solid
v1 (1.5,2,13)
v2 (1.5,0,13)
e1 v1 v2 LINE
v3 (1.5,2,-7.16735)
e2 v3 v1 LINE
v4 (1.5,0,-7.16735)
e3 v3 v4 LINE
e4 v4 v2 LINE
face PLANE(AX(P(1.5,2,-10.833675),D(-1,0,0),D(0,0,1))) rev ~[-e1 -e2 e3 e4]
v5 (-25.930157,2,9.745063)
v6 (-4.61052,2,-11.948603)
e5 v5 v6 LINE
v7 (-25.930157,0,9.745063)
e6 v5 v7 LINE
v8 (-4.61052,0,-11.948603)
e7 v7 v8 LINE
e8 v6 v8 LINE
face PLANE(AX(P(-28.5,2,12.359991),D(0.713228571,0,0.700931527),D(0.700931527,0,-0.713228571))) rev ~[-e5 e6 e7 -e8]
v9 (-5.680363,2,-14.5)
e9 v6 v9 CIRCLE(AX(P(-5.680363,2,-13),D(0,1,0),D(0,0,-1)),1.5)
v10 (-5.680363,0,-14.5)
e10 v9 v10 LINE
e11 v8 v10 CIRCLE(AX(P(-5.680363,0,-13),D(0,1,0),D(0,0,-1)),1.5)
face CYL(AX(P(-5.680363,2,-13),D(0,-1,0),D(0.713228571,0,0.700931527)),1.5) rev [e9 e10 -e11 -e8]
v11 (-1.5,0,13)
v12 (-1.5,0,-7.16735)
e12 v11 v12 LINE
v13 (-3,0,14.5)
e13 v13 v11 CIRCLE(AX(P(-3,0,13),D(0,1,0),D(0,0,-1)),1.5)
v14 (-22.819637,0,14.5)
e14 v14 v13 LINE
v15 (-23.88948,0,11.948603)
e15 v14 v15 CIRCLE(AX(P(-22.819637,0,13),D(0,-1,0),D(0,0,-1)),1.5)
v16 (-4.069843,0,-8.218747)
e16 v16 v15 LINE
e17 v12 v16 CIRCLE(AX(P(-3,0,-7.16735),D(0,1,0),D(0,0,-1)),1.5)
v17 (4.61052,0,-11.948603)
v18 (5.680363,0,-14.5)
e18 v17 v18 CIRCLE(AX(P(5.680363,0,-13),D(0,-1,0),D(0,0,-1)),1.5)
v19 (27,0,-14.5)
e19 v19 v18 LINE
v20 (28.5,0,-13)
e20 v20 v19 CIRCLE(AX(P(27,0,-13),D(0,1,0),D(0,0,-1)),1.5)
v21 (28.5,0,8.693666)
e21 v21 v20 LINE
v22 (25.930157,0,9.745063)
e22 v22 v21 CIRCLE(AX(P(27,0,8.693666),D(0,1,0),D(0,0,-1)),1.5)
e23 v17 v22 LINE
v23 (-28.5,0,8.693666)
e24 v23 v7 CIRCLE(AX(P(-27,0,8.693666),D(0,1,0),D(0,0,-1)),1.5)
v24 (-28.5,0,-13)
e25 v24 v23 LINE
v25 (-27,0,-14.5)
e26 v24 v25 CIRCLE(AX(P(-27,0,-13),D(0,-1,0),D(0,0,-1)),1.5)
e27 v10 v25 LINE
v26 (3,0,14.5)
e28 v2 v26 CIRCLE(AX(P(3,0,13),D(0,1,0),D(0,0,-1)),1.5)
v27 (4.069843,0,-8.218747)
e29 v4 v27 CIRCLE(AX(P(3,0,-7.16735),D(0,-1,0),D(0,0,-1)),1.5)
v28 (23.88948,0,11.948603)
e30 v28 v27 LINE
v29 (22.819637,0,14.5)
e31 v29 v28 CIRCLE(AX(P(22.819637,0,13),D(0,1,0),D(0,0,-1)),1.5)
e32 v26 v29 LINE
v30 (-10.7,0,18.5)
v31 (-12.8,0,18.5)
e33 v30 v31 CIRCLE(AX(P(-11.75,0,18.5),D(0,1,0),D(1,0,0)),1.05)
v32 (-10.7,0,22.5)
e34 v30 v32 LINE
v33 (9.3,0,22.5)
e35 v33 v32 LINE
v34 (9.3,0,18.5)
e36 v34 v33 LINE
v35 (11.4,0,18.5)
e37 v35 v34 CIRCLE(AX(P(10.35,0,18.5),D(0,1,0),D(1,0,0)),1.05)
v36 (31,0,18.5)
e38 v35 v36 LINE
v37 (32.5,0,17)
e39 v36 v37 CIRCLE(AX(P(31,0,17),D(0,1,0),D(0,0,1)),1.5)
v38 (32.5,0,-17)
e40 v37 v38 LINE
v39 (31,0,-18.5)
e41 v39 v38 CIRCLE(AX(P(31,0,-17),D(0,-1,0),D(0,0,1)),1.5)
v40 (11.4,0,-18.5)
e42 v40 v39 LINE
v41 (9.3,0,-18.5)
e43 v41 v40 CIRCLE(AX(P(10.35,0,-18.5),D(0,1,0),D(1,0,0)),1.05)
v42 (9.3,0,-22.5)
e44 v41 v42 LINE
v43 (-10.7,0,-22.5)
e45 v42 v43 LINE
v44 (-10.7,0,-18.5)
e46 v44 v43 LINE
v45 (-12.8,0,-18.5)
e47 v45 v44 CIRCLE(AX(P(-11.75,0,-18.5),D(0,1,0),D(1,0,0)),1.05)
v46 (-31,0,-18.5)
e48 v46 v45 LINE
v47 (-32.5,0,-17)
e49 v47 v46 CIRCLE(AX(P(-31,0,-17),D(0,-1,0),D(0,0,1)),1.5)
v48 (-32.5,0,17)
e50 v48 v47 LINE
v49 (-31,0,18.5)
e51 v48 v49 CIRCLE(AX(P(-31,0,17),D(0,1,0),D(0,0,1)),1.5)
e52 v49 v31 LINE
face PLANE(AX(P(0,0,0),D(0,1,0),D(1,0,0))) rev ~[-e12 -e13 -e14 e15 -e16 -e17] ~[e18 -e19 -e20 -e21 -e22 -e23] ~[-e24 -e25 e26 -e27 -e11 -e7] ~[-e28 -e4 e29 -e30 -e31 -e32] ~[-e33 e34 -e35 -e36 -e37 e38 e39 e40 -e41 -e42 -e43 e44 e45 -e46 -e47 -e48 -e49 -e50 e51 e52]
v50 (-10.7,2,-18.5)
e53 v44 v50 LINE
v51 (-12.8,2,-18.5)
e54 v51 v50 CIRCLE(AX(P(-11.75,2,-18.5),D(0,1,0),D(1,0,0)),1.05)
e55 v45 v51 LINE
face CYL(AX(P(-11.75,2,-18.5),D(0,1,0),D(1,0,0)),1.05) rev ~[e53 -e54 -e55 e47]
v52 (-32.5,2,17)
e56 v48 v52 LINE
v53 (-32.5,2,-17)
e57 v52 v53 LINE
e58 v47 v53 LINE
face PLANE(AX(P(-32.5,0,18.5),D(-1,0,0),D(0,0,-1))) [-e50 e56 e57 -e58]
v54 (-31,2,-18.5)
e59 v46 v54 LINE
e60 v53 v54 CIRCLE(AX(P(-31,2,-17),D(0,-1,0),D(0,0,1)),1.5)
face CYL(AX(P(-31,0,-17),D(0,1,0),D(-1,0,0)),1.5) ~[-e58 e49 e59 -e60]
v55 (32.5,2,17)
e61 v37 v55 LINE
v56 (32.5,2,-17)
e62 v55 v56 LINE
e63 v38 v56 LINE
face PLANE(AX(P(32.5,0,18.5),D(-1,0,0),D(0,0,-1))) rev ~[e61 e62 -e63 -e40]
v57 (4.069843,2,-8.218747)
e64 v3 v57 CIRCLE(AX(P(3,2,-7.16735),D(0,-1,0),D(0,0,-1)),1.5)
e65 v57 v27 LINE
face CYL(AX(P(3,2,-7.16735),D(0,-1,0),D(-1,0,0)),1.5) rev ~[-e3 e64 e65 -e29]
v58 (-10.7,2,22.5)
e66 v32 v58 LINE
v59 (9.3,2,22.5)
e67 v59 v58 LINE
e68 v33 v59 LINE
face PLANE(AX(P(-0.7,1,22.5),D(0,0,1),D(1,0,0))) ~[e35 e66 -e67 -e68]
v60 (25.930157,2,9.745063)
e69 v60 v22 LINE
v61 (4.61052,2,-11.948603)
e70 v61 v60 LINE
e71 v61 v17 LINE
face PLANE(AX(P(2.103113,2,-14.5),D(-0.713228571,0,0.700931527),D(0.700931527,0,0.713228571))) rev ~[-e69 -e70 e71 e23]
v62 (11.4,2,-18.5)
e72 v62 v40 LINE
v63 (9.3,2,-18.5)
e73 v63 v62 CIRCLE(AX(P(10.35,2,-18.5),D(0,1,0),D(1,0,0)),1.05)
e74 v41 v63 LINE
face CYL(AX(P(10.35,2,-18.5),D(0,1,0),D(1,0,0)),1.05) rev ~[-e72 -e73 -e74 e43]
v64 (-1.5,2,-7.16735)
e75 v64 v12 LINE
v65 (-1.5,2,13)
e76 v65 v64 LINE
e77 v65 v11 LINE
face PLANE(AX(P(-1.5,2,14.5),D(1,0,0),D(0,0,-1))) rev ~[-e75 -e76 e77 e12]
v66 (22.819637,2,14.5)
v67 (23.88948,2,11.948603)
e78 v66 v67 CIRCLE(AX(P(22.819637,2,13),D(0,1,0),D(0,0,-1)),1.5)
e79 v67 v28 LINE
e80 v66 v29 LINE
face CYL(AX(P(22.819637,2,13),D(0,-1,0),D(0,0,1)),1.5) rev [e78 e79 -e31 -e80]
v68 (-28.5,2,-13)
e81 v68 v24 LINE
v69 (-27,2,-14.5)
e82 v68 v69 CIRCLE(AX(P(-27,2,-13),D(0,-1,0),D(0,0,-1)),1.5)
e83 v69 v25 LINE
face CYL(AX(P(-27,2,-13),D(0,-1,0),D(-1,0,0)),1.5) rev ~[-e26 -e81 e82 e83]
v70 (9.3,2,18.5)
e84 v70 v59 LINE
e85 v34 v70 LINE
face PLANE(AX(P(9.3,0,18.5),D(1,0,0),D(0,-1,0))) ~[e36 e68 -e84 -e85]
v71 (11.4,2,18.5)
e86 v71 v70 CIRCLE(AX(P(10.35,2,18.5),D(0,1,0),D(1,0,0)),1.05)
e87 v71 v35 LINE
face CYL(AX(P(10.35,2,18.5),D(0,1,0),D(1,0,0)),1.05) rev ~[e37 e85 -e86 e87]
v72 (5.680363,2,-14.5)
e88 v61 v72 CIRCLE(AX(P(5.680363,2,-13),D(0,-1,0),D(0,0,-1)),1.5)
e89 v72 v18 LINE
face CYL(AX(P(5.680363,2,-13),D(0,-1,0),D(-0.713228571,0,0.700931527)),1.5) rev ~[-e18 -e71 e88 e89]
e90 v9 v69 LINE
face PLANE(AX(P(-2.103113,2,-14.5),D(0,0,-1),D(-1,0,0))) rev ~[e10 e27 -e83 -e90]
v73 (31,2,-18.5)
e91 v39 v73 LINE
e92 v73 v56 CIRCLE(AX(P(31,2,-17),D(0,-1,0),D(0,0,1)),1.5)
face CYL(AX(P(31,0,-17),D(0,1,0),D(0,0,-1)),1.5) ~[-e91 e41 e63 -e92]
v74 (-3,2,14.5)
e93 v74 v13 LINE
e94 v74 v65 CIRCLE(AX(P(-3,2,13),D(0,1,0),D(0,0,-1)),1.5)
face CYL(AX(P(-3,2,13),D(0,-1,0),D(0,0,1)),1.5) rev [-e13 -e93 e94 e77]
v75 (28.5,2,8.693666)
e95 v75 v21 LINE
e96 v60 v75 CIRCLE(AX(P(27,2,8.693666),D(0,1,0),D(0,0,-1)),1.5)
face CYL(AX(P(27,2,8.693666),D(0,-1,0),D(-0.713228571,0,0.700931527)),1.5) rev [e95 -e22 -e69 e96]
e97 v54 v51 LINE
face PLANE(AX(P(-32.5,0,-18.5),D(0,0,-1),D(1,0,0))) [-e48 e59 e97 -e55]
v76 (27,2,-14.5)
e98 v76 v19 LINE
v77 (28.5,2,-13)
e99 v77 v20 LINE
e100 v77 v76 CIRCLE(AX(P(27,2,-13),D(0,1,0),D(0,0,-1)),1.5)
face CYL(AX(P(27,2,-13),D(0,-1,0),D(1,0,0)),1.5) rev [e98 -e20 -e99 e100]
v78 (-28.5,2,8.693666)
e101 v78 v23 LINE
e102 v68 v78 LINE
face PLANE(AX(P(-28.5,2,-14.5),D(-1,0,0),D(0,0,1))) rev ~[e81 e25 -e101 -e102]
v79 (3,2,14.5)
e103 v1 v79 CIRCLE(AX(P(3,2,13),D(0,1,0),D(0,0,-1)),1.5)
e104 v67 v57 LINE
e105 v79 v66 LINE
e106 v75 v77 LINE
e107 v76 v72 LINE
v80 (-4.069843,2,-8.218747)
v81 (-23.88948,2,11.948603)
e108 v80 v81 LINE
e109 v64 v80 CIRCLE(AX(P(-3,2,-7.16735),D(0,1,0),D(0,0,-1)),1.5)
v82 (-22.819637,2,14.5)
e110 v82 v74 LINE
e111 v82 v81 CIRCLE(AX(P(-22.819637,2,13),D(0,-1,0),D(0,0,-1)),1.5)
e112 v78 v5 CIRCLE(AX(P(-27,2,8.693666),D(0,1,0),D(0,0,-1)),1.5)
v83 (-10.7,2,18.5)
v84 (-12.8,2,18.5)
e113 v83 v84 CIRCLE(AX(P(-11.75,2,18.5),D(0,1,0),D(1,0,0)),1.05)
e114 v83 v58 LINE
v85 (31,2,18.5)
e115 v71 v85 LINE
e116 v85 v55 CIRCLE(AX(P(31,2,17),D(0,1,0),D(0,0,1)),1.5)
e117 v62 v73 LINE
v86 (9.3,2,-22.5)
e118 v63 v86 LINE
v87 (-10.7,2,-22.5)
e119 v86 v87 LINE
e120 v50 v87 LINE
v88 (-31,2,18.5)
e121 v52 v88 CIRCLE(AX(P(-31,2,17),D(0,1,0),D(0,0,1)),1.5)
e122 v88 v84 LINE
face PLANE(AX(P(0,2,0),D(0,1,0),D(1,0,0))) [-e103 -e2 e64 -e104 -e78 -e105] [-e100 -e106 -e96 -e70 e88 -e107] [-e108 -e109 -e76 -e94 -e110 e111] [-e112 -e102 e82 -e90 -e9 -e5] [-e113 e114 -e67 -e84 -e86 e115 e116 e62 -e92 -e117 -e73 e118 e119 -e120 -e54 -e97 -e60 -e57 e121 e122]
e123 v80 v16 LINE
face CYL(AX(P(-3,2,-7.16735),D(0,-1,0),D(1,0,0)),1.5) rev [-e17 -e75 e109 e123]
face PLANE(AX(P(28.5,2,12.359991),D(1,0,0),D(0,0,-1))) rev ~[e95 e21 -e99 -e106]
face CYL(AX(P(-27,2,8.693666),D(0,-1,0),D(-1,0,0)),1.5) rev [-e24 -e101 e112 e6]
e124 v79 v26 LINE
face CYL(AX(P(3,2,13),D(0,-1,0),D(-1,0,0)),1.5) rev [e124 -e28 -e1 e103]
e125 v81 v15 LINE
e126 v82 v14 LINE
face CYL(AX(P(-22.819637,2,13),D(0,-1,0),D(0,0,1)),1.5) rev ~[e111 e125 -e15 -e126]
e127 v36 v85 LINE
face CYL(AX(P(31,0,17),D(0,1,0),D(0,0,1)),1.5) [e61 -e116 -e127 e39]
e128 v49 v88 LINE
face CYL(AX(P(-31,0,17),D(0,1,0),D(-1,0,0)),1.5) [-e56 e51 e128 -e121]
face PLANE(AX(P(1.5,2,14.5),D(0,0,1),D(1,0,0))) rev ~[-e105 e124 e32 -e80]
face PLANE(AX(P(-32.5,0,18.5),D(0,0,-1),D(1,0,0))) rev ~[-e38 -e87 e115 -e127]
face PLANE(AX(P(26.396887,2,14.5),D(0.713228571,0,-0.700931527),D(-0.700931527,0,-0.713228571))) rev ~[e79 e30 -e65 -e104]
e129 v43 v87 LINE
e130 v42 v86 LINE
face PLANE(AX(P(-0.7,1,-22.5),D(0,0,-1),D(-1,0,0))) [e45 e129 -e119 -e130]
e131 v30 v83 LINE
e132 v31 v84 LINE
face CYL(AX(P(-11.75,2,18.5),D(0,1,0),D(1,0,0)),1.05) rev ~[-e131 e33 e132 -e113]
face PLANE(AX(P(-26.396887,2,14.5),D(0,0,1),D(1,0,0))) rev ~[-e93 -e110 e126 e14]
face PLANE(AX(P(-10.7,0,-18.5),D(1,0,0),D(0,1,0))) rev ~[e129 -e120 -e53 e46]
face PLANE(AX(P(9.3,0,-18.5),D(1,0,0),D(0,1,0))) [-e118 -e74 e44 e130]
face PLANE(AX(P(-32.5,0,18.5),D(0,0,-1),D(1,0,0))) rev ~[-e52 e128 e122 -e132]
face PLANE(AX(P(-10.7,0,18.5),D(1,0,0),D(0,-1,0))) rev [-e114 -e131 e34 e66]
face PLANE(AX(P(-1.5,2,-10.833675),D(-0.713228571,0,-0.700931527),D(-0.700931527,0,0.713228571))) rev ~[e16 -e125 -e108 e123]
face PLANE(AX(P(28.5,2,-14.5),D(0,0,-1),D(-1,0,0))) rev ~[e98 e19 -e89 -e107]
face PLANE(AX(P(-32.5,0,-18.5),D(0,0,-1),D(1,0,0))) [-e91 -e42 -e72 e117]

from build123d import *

# Parameters (mm, degrees)
SKETCH_1_W          = 65
SKETCH_1_H          = 37
EXTRUDE_1_DEPTH     = 2
SKETCH_2_W          = 20
SKETCH_2_H          = 2
EXTRUDE_2_DEPTH     = 4
SKETCH_3_R          = 1.05
CUT_EXTRUDE_1_DEPTH = 4
CUT_EXTRUDE_2_DEPTH = 10
FILLET_1_R          = 1.5


with BuildPart() as part:
    # 草图1 → 凸台-拉伸1 (new body)
    with BuildSketch(Plane(origin=(0, 0, 0), x_dir=(1, 0, 0), z_dir=(0, 1, 0))):
        Rectangle(SKETCH_1_W, SKETCH_1_H)
    extrude(amount=EXTRUDE_1_DEPTH)

    # 草图2 → 凸台-拉伸2 (add)
    with BuildSketch(Plane(origin=(0, 0, -18.5), x_dir=(-1, 0, 0), z_dir=(0, 0, -1))):
        with Locations((0.7, 1)):
            Rectangle(SKETCH_2_W, SKETCH_2_H)
    extrude_2 = extrude(amount=EXTRUDE_2_DEPTH)

    # 镜向1: 凸台-拉伸2 across plane
    add(extrude_2.mirror(Plane.XY))

    # 草图3 → 切除-拉伸1 (cut)
    with BuildSketch(Plane(origin=(0, 2, 0), x_dir=(1, 0, 0), z_dir=(0, 1, 0))):
        with Locations((10.35, -18.5)):
            Circle(SKETCH_3_R)
        with Locations((-11.75, -18.5)):
            Circle(SKETCH_3_R)
        with Locations((-11.75, 18.5)):
            Circle(SKETCH_3_R)
        with Locations((10.35, 18.5)):
            Circle(SKETCH_3_R)
    extrude(amount=-CUT_EXTRUDE_1_DEPTH, mode=Mode.SUBTRACT)

    # 草图4 → 切除-拉伸2 (cut)
    with BuildSketch(Plane(origin=(0, 2, 0), x_dir=(1, 0, 0), z_dir=(0, 1, 0))):
        Polygon((-28.5, 14.5), (-28.5, -12.35999068), (-2.103112607, 14.5), align=None)
        Polygon((-26.396887393, -14.5), (-1.5, -14.5), (-1.5, 10.833674891), align=None)
        Polygon((1.5, 10.833674891), (1.5, -14.5), (26.396887393, -14.5), align=None)
        Polygon((2.103112607, 14.5), (28.5, -12.35999068), (28.5, 14.5), align=None)
    extrude(amount=-CUT_EXTRUDE_2_DEPTH, mode=Mode.SUBTRACT)

    # 圆角1
    fillet_1_edges = [part.edges().sort_by_distance(p)[0] for p in [
        (2.103112607, 1, -14.5),
        (28.5, 1, -14.5),
        (28.5, 1, 12.35999068),
        (-2.103112607, 1, -14.5),
        (-28.5, 1, 12.35999068),
        (-28.5, 1, -14.5),
        (32.5, 1, 18.5),
        (-32.5, 1, 18.5),
        (-32.5, 1, -18.5),
        (32.5, 1, -18.5),
        (-1.5, 1, -10.833674891),
        (-1.5, 1, 14.5),
        (-26.396887393, 1, 14.5),
        (1.5, 1, -10.833674891),
        (26.396887393, 1, 14.5),
        (1.5, 1, 14.5),
    ]]
    fillet(fillet_1_edges, radius=FILLET_1_R)


solid = part.part
